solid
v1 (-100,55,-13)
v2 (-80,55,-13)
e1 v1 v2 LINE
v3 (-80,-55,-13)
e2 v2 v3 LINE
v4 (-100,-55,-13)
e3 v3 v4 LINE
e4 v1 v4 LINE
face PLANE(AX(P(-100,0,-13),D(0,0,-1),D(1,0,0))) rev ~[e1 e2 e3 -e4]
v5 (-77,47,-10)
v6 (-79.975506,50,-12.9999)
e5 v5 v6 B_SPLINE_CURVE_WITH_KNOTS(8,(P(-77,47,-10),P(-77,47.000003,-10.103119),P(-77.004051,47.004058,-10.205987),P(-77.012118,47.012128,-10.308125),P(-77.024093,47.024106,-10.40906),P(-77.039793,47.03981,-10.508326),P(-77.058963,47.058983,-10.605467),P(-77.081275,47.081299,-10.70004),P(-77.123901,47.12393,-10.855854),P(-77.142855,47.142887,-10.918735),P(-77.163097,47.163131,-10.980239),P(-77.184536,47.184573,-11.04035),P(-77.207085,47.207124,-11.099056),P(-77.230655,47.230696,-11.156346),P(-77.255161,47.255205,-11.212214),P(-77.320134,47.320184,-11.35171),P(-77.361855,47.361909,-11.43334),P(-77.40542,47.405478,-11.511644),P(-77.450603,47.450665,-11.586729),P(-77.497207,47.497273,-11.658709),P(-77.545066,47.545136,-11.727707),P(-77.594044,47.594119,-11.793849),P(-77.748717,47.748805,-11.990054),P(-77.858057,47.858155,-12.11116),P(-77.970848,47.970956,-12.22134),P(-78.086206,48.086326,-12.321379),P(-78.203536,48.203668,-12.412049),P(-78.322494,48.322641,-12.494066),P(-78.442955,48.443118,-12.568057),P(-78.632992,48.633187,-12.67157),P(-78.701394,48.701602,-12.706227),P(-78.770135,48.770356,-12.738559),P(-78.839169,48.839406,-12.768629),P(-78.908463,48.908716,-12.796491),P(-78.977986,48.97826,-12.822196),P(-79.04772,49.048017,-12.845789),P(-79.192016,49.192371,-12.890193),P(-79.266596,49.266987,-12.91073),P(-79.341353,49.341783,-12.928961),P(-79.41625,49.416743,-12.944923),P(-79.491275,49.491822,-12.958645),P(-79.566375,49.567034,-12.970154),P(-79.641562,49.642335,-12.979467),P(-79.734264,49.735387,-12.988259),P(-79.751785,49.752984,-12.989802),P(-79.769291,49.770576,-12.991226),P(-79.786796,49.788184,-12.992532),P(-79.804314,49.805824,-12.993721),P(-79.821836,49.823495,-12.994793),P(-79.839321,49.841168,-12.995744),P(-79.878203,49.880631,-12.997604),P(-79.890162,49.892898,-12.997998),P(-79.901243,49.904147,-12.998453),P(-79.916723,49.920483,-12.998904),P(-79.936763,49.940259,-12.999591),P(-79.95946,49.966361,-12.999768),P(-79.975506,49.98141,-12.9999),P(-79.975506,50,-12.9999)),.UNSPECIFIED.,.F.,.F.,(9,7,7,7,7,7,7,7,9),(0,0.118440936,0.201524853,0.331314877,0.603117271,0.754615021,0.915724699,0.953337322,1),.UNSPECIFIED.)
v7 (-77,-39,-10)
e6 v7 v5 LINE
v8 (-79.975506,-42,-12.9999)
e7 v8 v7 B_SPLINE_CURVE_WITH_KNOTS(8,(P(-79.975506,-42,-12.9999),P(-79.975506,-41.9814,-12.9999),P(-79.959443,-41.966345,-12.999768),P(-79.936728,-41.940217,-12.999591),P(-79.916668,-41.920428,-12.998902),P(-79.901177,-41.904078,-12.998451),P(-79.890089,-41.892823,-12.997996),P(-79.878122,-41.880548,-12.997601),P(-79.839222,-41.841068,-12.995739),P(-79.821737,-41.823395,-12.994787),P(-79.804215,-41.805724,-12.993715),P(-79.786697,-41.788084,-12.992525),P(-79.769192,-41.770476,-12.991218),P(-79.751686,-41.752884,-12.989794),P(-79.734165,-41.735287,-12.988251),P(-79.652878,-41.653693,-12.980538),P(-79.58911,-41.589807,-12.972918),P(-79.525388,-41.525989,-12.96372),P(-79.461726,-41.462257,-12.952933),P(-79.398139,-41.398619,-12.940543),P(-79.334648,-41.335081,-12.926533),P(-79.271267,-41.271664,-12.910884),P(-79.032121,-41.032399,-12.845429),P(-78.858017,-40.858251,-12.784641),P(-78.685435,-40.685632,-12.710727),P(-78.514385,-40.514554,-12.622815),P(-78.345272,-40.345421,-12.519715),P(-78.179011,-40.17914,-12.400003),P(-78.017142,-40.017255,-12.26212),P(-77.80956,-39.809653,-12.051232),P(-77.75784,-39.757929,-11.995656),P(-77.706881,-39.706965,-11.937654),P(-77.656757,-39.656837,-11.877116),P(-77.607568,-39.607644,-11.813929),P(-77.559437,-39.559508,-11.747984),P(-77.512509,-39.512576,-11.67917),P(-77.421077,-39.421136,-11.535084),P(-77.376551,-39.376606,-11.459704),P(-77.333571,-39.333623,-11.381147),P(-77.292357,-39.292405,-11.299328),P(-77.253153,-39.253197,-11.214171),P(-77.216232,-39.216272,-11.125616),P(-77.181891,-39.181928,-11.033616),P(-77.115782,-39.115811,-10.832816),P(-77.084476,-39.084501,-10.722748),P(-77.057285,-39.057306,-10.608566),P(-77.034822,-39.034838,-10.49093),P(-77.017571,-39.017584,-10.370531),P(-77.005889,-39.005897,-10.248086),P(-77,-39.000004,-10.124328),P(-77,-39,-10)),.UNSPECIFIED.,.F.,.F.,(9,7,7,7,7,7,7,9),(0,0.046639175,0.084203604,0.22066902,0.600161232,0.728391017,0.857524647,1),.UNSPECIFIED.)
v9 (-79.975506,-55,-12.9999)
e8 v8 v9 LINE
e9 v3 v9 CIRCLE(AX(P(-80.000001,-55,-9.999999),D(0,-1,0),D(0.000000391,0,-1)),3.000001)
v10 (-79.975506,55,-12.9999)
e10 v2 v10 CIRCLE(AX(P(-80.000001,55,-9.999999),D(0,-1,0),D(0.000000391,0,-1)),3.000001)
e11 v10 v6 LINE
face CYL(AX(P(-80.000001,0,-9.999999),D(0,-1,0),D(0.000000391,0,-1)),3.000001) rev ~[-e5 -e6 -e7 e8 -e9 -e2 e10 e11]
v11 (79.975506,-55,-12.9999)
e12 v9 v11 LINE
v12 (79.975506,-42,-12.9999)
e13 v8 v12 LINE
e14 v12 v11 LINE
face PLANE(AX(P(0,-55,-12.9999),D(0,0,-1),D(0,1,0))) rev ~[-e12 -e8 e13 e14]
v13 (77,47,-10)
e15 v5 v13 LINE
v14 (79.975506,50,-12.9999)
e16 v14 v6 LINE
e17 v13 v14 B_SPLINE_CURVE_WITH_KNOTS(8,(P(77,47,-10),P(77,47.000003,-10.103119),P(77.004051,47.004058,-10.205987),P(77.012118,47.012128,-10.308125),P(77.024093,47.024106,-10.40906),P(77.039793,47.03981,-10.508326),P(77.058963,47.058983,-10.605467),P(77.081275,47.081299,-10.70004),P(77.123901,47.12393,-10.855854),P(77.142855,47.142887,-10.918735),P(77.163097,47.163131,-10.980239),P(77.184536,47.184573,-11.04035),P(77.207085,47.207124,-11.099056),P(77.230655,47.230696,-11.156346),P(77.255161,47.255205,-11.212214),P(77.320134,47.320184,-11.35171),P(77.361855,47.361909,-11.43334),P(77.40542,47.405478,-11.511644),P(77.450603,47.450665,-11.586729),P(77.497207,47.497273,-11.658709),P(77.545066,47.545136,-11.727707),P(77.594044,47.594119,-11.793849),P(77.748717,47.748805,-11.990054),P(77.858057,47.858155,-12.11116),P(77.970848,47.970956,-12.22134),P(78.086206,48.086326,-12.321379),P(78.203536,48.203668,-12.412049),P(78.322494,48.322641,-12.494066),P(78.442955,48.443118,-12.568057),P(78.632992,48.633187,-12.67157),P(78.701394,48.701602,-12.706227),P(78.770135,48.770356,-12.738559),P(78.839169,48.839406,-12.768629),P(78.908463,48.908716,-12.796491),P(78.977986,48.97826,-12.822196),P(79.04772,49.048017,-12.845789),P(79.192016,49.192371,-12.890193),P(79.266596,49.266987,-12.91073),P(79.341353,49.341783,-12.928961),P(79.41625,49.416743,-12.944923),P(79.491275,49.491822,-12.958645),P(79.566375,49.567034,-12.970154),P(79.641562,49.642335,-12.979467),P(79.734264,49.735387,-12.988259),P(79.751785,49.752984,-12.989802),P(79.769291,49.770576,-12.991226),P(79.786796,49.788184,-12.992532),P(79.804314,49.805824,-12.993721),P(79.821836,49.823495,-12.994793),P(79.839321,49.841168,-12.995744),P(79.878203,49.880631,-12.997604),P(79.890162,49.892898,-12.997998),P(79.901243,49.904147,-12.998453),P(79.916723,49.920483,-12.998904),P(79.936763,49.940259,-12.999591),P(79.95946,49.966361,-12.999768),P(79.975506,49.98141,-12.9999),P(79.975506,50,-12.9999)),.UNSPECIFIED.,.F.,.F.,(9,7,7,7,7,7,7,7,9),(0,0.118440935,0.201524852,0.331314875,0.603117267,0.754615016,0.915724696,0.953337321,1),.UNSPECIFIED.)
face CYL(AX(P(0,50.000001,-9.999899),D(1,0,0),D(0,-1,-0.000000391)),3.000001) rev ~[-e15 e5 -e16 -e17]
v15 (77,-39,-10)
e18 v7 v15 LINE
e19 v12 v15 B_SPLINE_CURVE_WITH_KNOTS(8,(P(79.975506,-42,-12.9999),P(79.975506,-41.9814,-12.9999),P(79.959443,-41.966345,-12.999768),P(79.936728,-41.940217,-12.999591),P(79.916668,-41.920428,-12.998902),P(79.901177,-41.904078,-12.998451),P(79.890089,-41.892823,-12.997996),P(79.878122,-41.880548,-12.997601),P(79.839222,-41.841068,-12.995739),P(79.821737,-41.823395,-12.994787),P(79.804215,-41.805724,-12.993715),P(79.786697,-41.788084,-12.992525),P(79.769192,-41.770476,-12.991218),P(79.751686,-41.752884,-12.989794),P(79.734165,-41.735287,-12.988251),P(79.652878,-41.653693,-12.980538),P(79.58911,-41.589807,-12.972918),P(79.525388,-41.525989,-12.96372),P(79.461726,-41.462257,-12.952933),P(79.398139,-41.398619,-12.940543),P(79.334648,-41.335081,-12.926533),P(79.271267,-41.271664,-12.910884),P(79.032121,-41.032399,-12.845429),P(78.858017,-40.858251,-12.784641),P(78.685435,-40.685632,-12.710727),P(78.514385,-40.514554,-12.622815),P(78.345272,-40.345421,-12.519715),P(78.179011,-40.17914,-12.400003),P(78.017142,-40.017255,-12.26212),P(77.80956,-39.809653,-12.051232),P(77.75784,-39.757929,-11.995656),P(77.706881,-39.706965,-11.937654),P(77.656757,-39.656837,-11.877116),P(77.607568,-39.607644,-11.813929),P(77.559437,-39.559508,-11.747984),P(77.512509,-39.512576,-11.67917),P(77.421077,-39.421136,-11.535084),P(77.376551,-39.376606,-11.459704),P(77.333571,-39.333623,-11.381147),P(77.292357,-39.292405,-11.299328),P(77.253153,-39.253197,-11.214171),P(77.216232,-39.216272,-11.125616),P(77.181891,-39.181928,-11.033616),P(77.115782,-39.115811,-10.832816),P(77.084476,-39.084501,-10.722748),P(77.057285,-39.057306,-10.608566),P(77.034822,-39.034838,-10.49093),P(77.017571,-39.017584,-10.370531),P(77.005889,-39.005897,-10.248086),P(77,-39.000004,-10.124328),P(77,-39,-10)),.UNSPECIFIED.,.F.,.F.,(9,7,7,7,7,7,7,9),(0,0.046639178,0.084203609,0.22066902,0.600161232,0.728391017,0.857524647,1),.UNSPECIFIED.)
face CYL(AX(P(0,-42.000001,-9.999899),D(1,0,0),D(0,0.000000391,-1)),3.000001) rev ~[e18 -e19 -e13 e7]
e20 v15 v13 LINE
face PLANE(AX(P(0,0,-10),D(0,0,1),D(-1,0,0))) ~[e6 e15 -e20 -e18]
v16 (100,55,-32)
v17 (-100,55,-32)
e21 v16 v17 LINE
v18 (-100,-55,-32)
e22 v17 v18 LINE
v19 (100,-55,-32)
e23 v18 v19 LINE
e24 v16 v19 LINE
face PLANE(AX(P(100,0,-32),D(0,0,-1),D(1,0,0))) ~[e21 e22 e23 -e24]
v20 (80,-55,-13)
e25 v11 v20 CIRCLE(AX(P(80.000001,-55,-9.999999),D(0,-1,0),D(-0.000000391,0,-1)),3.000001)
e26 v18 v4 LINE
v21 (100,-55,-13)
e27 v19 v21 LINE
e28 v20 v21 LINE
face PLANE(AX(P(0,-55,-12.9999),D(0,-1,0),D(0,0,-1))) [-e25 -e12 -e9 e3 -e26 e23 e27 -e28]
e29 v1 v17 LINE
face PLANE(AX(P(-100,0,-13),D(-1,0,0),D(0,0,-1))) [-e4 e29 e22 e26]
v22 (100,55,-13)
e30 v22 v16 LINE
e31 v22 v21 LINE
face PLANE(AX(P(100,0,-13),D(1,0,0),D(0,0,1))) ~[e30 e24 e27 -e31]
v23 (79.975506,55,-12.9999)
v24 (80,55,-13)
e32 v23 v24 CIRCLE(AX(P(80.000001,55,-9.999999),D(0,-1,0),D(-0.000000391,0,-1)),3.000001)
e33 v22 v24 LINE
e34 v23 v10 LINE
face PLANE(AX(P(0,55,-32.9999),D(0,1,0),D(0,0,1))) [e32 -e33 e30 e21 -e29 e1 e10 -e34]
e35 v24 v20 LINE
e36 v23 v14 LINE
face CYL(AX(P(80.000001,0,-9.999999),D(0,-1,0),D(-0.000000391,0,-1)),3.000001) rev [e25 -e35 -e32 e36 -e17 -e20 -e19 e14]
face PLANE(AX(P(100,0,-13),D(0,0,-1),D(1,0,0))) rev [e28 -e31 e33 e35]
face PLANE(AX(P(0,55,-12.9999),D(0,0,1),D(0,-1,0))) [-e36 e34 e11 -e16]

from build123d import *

# Parameters (mm, degrees)
PAD002_DEPTH = 102.5
PAD003_DEPTH = 60


with BuildPart() as pad007:
    # Sketch006 → Pad002 (new body, symmetric)
    with BuildSketch(Plane(origin=(0, 0, 0.0001), x_dir=(0, 1, 0), z_dir=(1, 0, 0))):
        with BuildLine():
            ThreePointArc((-42, -13), (-39.87868, -12.12132), (-39, -10))
            Line((-39, -10), (47, -10))
            ThreePointArc((47, -10), (47.87868, -12.12132), (50, -13))
            Line((55, -13), (50, -13))
            Line((55, -33), (55, -13))
            Line((-55, -33), (55, -33))
            Line((-55, -13), (-55, -33))
            Line((-55, -13), (-42, -13))
        make_face()
    extrude(amount=PAD002_DEPTH, both=True)


with BuildPart() as pad008:
    # Sketch005 → Pad003 (new body, symmetric)
    with BuildSketch(Plane.XZ):
        with BuildLine():
            ThreePointArc((-80, -13), (-77.87868, -12.12132), (-77, -10))
            Line((0, -10), (-77, -10))
            Line((0, -32), (0, -10))
            Line((-100, -32), (0, -32))
            Line((-100, -13), (-100, -32))
            Line((-100, -13), (-80, -13))
        make_face()
    extrude(amount=PAD003_DEPTH, both=True)


with BuildPart() as part_mirroring:
    # Part__Mirroring: instance of Pad008
    add(pad008.part.mirror(Plane(origin=(0, 0, 0), x_dir=(0, -1, 0), z_dir=(1, 0, 0))))


with BuildPart() as common:
    # Fusion base: copy of Pad008
    add(pad008.part)

    # Fusion: union Part__Mirroring
    add(part_mirroring.part)

    # Common: intersect Pad007
    add(pad007.part, mode=Mode.INTERSECT)


solid = common.part
